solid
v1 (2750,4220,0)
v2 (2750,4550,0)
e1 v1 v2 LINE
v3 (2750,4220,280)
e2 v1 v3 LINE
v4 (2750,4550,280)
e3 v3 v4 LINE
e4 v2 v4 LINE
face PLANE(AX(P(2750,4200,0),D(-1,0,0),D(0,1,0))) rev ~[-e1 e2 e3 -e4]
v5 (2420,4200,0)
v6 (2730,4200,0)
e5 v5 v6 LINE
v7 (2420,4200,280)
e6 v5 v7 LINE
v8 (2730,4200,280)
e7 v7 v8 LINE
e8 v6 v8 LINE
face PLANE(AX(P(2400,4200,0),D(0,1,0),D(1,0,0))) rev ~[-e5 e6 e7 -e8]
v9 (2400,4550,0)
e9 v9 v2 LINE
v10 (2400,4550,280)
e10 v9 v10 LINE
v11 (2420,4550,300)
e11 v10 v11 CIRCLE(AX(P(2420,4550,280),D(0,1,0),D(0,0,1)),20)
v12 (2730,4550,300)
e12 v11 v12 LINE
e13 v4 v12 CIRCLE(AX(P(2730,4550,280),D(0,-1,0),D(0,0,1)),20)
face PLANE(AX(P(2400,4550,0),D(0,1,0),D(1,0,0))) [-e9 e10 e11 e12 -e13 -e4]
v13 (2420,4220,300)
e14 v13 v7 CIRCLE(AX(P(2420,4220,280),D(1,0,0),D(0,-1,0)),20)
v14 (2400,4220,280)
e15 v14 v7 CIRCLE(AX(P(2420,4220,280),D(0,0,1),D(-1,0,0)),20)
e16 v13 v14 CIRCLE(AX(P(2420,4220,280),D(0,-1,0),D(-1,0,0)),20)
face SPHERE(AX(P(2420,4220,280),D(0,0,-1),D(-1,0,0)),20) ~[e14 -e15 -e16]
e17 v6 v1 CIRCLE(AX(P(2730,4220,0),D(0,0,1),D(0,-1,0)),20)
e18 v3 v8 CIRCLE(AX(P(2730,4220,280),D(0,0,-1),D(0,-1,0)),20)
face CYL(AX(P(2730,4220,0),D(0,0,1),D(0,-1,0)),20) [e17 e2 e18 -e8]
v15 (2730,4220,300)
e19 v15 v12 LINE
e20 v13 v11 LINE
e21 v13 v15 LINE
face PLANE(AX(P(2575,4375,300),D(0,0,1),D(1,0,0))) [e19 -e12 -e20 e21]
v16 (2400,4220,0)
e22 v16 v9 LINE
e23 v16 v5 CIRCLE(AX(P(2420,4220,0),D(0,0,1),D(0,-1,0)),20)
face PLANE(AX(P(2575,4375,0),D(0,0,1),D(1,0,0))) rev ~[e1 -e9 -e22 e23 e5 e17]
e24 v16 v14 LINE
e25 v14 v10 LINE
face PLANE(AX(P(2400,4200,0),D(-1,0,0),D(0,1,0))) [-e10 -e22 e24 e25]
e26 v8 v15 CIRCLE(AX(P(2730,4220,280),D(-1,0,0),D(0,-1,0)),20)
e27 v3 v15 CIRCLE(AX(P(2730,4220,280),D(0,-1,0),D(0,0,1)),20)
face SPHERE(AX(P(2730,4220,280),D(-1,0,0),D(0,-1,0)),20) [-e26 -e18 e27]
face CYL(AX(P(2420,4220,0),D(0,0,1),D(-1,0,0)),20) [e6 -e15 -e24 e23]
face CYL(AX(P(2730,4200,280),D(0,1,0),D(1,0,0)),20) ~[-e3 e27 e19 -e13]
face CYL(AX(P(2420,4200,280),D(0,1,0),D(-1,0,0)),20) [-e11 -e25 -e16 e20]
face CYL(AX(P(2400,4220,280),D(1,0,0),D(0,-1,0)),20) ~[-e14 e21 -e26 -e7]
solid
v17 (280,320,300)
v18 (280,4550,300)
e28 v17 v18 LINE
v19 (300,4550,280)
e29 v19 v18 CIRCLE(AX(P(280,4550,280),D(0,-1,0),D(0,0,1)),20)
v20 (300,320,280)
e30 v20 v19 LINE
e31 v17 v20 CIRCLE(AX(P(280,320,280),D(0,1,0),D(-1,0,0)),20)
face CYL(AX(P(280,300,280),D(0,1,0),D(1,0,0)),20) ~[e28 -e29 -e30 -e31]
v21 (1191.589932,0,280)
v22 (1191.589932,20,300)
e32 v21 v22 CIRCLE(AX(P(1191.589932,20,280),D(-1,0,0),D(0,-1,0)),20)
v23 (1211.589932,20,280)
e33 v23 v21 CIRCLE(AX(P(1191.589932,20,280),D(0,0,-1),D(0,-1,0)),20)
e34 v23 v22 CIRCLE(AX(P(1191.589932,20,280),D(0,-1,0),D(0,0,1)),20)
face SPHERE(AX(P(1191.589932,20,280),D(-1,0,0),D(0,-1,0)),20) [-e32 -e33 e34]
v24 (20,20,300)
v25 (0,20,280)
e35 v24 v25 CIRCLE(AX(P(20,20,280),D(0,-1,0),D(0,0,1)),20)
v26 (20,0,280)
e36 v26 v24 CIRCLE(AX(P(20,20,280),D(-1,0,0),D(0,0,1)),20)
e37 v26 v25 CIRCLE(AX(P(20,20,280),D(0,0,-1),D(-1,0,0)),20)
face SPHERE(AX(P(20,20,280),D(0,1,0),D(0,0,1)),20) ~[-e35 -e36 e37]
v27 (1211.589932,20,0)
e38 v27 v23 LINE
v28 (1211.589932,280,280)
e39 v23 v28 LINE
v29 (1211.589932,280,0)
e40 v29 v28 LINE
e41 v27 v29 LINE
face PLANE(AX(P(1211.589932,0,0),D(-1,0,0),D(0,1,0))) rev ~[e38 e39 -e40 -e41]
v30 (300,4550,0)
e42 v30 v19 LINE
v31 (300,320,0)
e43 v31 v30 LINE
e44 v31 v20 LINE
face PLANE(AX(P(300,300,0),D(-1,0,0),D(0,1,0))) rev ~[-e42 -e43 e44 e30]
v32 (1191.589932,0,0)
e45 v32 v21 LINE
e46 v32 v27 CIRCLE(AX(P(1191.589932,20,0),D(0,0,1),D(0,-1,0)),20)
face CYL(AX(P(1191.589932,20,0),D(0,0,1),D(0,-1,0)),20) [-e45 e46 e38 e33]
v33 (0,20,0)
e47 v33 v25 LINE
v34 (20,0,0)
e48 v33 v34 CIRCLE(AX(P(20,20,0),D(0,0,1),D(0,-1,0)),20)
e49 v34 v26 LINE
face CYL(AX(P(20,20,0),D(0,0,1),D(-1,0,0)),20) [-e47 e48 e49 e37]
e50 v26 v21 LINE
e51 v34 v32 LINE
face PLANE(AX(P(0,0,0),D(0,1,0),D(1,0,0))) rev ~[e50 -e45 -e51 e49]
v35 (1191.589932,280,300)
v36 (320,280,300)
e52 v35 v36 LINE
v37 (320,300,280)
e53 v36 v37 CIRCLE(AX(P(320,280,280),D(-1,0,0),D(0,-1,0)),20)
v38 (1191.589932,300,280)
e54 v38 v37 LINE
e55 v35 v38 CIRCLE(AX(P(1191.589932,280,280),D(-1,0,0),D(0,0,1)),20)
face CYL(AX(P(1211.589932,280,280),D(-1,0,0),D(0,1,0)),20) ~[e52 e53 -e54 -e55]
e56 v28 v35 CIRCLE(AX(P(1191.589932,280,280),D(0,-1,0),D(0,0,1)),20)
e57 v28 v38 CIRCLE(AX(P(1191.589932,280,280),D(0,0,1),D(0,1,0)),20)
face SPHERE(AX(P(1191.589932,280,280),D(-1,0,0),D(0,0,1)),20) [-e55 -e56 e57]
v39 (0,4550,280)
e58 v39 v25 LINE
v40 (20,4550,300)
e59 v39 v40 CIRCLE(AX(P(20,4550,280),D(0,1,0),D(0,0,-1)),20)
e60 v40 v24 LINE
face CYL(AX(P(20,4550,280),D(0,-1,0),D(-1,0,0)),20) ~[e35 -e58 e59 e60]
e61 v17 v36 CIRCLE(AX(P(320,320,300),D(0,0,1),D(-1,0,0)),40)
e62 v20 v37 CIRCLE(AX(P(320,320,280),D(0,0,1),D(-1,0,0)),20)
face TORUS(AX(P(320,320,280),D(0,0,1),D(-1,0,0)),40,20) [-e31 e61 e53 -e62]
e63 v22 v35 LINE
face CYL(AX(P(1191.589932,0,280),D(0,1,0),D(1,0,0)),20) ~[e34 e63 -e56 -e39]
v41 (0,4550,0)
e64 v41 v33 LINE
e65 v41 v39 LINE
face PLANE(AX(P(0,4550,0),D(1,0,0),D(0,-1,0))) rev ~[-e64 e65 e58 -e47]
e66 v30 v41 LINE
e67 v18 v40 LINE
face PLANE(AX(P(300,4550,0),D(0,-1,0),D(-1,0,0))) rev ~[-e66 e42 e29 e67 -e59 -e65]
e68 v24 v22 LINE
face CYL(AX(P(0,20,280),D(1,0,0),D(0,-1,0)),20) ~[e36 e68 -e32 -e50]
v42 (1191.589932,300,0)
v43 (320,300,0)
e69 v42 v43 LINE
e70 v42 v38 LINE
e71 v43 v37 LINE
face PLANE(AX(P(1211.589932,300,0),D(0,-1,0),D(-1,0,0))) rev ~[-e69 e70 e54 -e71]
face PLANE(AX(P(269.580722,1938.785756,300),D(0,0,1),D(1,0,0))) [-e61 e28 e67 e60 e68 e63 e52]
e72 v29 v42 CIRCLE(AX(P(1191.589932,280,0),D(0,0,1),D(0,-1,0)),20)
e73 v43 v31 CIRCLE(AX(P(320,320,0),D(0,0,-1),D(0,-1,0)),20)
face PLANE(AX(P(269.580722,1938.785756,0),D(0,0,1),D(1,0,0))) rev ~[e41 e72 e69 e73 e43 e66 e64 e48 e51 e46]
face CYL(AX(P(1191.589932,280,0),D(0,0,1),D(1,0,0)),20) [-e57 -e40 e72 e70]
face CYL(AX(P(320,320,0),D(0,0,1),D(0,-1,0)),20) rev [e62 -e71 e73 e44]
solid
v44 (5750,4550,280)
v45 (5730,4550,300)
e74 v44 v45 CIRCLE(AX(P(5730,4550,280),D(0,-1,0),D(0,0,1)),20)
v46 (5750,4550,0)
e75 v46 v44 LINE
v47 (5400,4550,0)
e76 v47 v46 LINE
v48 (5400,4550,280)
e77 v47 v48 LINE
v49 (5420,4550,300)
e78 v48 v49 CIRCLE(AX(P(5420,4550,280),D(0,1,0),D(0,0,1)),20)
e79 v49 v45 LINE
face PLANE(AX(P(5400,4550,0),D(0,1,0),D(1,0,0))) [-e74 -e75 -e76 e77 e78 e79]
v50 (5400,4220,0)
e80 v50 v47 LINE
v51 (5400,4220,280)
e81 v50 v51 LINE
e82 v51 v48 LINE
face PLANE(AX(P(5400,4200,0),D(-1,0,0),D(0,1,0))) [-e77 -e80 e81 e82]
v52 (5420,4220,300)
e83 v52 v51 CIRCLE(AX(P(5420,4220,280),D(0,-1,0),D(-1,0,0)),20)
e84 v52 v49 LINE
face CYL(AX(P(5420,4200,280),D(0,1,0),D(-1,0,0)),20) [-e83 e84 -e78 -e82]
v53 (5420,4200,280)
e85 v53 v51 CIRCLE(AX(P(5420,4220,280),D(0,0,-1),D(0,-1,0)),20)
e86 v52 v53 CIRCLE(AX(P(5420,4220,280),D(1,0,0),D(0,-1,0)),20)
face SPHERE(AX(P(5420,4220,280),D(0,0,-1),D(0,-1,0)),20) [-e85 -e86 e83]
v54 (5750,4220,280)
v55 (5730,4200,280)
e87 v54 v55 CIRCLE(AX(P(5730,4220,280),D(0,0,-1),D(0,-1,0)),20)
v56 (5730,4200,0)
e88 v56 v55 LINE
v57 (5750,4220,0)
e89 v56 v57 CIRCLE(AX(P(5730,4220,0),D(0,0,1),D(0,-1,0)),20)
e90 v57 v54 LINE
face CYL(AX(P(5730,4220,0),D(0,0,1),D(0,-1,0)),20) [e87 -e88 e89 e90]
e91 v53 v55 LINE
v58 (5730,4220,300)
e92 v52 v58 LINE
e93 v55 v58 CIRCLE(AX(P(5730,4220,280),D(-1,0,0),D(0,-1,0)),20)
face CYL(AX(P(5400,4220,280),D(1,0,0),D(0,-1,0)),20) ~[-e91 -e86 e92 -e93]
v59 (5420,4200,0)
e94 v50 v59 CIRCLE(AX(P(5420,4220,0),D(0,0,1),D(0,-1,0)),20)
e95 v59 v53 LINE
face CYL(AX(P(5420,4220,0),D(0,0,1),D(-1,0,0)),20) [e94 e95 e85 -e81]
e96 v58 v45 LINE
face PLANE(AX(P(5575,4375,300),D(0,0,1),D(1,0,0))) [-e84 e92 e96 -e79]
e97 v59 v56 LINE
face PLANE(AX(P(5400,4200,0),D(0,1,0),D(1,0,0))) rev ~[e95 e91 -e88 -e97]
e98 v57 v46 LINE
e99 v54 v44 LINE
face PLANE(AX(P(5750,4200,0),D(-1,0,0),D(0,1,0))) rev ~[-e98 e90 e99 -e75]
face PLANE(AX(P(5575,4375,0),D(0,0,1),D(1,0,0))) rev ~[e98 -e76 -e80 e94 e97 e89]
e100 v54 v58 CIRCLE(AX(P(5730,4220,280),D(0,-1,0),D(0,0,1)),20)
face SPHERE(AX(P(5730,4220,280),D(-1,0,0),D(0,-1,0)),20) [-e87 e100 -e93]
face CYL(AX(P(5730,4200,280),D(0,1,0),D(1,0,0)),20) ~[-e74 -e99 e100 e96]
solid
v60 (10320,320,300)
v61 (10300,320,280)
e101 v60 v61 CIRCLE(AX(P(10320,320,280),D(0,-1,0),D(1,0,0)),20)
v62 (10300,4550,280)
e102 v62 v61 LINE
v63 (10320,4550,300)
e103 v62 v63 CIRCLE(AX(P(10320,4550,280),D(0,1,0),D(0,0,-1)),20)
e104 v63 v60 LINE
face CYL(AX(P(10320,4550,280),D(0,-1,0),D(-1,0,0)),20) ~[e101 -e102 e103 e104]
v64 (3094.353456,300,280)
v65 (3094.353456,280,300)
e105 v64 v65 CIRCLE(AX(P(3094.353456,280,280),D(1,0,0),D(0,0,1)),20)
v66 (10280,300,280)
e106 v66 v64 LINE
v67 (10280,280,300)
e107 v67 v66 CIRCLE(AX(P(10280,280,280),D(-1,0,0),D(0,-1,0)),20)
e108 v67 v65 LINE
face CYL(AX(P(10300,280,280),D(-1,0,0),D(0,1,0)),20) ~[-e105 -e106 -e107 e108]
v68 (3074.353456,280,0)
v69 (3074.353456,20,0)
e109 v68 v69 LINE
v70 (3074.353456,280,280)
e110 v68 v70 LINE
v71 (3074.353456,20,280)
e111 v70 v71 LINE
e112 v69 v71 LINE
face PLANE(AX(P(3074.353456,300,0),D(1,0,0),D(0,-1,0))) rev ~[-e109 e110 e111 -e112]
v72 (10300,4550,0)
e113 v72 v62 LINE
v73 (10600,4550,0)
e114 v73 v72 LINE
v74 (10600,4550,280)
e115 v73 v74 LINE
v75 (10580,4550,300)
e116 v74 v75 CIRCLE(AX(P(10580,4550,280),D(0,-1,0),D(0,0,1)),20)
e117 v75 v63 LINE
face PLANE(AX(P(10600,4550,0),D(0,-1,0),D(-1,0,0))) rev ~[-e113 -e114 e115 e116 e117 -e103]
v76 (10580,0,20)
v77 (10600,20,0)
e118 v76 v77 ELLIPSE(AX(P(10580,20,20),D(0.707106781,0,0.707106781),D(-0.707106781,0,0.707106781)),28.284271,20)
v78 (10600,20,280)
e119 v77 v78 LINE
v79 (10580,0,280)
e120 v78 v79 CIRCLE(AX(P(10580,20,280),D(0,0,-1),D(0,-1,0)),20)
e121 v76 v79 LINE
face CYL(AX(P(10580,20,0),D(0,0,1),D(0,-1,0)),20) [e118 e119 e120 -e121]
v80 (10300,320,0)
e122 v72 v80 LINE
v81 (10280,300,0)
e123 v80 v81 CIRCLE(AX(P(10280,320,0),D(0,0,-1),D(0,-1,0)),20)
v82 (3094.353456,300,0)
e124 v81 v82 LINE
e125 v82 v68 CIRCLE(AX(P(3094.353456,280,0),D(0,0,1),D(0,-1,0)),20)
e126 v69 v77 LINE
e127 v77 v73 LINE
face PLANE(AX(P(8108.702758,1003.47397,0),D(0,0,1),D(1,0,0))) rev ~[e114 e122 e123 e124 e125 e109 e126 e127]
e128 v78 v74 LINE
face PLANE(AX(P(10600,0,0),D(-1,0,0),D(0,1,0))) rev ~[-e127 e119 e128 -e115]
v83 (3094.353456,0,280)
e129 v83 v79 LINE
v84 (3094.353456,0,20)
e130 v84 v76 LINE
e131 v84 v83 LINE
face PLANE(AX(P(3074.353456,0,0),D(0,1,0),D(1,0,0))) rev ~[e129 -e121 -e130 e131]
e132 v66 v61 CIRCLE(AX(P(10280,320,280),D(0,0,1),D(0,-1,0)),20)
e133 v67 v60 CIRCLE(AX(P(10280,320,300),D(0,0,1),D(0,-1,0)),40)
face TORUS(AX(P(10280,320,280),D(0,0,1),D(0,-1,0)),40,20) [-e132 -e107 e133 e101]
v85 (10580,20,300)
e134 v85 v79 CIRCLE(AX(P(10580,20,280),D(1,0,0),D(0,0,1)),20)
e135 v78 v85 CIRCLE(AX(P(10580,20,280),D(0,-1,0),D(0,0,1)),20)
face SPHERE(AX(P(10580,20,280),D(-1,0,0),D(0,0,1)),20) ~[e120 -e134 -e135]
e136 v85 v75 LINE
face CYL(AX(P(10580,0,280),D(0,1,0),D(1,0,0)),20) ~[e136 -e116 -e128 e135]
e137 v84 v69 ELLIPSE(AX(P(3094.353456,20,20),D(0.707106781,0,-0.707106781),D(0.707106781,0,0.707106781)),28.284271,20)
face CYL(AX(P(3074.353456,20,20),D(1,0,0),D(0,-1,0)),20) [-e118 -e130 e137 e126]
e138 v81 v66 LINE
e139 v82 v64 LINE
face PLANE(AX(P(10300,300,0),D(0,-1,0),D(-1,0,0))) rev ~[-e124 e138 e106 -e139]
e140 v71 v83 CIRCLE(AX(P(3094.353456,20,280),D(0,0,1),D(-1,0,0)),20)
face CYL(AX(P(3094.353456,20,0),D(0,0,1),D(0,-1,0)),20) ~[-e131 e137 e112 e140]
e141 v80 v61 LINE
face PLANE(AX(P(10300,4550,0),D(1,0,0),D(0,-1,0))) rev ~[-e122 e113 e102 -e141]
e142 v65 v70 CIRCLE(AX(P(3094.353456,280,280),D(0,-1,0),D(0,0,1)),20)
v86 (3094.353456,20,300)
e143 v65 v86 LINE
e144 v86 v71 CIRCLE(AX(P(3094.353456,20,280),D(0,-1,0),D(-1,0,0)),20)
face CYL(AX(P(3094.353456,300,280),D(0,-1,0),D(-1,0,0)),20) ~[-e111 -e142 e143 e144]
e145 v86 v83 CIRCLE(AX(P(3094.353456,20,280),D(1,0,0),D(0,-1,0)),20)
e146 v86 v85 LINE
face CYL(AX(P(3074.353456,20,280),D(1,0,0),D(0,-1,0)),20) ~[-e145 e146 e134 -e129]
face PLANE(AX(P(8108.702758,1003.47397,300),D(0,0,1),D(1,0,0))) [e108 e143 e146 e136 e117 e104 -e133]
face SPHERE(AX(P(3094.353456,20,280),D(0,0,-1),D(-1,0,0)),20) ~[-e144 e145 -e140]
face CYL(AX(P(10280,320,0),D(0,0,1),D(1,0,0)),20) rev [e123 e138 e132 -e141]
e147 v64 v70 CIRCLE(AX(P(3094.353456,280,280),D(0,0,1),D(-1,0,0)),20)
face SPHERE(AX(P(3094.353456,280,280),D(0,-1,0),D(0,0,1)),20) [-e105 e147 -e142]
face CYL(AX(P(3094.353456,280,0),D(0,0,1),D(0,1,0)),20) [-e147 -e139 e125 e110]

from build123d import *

# Parameters (mm, degrees)
F0_W     = 350
F0_H     = 350
F1_DEPTH = 300
F2_R     = 20


with BuildPart() as f1:
    # F0 (on Top) → F1 (new body)
    with BuildSketch(Plane.XY):
        Polygon((0, 4550), (0, 0), (1211.589932, 0), (1211.589932, 300), (300, 300), (300, 4550), align=None)
        Polygon((3074.353456, 0), (10600, 0), (10600, 4550), (10300, 4550), (10300, 300), (3074.353456, 300), align=None)
        with Locations((2575, 4375)):
            Rectangle(F0_W, F0_H)
        with Locations((5575, 4375)):
            Rectangle(F0_W, F0_H)
    extrude(amount=F1_DEPTH)

    # F2
    f2_edges = [f1.edges().sort_by_distance(p)[0] for p in [
        (300, 2425, 300),
        (0, 2275, 300),
        (755.794966, 300, 300),
        (605.794966, 0, 300),
        (1211.589932, 0, 150),
        (1211.589932, 150, 300),
        (1211.589932, 300, 150),
        (3074.353456, 0, 150),
        (3074.353456, 150, 300),
        (6687.176728, 300, 300),
        (6837.176728, 0, 300),
        (3074.353456, 300, 150),
        (10300, 2425, 300),
        (10600, 2275, 300),
        (10600, 0, 150),
        (6837.176728, 0, 0),
        (0, 0, 150),
        (300, 300, 150),
        (10300, 300, 150),
        (2400, 4200, 150),
        (2400, 4375, 300),
        (2575, 4200, 300),
        (2750, 4200, 150),
        (2750, 4375, 300),
        (5400, 4200, 150),
        (5575, 4200, 300),
        (5400, 4375, 300),
        (5750, 4200, 150),
        (5750, 4375, 300),
    ]]
    fillet(f2_edges, radius=F2_R)


solid = f1.part
